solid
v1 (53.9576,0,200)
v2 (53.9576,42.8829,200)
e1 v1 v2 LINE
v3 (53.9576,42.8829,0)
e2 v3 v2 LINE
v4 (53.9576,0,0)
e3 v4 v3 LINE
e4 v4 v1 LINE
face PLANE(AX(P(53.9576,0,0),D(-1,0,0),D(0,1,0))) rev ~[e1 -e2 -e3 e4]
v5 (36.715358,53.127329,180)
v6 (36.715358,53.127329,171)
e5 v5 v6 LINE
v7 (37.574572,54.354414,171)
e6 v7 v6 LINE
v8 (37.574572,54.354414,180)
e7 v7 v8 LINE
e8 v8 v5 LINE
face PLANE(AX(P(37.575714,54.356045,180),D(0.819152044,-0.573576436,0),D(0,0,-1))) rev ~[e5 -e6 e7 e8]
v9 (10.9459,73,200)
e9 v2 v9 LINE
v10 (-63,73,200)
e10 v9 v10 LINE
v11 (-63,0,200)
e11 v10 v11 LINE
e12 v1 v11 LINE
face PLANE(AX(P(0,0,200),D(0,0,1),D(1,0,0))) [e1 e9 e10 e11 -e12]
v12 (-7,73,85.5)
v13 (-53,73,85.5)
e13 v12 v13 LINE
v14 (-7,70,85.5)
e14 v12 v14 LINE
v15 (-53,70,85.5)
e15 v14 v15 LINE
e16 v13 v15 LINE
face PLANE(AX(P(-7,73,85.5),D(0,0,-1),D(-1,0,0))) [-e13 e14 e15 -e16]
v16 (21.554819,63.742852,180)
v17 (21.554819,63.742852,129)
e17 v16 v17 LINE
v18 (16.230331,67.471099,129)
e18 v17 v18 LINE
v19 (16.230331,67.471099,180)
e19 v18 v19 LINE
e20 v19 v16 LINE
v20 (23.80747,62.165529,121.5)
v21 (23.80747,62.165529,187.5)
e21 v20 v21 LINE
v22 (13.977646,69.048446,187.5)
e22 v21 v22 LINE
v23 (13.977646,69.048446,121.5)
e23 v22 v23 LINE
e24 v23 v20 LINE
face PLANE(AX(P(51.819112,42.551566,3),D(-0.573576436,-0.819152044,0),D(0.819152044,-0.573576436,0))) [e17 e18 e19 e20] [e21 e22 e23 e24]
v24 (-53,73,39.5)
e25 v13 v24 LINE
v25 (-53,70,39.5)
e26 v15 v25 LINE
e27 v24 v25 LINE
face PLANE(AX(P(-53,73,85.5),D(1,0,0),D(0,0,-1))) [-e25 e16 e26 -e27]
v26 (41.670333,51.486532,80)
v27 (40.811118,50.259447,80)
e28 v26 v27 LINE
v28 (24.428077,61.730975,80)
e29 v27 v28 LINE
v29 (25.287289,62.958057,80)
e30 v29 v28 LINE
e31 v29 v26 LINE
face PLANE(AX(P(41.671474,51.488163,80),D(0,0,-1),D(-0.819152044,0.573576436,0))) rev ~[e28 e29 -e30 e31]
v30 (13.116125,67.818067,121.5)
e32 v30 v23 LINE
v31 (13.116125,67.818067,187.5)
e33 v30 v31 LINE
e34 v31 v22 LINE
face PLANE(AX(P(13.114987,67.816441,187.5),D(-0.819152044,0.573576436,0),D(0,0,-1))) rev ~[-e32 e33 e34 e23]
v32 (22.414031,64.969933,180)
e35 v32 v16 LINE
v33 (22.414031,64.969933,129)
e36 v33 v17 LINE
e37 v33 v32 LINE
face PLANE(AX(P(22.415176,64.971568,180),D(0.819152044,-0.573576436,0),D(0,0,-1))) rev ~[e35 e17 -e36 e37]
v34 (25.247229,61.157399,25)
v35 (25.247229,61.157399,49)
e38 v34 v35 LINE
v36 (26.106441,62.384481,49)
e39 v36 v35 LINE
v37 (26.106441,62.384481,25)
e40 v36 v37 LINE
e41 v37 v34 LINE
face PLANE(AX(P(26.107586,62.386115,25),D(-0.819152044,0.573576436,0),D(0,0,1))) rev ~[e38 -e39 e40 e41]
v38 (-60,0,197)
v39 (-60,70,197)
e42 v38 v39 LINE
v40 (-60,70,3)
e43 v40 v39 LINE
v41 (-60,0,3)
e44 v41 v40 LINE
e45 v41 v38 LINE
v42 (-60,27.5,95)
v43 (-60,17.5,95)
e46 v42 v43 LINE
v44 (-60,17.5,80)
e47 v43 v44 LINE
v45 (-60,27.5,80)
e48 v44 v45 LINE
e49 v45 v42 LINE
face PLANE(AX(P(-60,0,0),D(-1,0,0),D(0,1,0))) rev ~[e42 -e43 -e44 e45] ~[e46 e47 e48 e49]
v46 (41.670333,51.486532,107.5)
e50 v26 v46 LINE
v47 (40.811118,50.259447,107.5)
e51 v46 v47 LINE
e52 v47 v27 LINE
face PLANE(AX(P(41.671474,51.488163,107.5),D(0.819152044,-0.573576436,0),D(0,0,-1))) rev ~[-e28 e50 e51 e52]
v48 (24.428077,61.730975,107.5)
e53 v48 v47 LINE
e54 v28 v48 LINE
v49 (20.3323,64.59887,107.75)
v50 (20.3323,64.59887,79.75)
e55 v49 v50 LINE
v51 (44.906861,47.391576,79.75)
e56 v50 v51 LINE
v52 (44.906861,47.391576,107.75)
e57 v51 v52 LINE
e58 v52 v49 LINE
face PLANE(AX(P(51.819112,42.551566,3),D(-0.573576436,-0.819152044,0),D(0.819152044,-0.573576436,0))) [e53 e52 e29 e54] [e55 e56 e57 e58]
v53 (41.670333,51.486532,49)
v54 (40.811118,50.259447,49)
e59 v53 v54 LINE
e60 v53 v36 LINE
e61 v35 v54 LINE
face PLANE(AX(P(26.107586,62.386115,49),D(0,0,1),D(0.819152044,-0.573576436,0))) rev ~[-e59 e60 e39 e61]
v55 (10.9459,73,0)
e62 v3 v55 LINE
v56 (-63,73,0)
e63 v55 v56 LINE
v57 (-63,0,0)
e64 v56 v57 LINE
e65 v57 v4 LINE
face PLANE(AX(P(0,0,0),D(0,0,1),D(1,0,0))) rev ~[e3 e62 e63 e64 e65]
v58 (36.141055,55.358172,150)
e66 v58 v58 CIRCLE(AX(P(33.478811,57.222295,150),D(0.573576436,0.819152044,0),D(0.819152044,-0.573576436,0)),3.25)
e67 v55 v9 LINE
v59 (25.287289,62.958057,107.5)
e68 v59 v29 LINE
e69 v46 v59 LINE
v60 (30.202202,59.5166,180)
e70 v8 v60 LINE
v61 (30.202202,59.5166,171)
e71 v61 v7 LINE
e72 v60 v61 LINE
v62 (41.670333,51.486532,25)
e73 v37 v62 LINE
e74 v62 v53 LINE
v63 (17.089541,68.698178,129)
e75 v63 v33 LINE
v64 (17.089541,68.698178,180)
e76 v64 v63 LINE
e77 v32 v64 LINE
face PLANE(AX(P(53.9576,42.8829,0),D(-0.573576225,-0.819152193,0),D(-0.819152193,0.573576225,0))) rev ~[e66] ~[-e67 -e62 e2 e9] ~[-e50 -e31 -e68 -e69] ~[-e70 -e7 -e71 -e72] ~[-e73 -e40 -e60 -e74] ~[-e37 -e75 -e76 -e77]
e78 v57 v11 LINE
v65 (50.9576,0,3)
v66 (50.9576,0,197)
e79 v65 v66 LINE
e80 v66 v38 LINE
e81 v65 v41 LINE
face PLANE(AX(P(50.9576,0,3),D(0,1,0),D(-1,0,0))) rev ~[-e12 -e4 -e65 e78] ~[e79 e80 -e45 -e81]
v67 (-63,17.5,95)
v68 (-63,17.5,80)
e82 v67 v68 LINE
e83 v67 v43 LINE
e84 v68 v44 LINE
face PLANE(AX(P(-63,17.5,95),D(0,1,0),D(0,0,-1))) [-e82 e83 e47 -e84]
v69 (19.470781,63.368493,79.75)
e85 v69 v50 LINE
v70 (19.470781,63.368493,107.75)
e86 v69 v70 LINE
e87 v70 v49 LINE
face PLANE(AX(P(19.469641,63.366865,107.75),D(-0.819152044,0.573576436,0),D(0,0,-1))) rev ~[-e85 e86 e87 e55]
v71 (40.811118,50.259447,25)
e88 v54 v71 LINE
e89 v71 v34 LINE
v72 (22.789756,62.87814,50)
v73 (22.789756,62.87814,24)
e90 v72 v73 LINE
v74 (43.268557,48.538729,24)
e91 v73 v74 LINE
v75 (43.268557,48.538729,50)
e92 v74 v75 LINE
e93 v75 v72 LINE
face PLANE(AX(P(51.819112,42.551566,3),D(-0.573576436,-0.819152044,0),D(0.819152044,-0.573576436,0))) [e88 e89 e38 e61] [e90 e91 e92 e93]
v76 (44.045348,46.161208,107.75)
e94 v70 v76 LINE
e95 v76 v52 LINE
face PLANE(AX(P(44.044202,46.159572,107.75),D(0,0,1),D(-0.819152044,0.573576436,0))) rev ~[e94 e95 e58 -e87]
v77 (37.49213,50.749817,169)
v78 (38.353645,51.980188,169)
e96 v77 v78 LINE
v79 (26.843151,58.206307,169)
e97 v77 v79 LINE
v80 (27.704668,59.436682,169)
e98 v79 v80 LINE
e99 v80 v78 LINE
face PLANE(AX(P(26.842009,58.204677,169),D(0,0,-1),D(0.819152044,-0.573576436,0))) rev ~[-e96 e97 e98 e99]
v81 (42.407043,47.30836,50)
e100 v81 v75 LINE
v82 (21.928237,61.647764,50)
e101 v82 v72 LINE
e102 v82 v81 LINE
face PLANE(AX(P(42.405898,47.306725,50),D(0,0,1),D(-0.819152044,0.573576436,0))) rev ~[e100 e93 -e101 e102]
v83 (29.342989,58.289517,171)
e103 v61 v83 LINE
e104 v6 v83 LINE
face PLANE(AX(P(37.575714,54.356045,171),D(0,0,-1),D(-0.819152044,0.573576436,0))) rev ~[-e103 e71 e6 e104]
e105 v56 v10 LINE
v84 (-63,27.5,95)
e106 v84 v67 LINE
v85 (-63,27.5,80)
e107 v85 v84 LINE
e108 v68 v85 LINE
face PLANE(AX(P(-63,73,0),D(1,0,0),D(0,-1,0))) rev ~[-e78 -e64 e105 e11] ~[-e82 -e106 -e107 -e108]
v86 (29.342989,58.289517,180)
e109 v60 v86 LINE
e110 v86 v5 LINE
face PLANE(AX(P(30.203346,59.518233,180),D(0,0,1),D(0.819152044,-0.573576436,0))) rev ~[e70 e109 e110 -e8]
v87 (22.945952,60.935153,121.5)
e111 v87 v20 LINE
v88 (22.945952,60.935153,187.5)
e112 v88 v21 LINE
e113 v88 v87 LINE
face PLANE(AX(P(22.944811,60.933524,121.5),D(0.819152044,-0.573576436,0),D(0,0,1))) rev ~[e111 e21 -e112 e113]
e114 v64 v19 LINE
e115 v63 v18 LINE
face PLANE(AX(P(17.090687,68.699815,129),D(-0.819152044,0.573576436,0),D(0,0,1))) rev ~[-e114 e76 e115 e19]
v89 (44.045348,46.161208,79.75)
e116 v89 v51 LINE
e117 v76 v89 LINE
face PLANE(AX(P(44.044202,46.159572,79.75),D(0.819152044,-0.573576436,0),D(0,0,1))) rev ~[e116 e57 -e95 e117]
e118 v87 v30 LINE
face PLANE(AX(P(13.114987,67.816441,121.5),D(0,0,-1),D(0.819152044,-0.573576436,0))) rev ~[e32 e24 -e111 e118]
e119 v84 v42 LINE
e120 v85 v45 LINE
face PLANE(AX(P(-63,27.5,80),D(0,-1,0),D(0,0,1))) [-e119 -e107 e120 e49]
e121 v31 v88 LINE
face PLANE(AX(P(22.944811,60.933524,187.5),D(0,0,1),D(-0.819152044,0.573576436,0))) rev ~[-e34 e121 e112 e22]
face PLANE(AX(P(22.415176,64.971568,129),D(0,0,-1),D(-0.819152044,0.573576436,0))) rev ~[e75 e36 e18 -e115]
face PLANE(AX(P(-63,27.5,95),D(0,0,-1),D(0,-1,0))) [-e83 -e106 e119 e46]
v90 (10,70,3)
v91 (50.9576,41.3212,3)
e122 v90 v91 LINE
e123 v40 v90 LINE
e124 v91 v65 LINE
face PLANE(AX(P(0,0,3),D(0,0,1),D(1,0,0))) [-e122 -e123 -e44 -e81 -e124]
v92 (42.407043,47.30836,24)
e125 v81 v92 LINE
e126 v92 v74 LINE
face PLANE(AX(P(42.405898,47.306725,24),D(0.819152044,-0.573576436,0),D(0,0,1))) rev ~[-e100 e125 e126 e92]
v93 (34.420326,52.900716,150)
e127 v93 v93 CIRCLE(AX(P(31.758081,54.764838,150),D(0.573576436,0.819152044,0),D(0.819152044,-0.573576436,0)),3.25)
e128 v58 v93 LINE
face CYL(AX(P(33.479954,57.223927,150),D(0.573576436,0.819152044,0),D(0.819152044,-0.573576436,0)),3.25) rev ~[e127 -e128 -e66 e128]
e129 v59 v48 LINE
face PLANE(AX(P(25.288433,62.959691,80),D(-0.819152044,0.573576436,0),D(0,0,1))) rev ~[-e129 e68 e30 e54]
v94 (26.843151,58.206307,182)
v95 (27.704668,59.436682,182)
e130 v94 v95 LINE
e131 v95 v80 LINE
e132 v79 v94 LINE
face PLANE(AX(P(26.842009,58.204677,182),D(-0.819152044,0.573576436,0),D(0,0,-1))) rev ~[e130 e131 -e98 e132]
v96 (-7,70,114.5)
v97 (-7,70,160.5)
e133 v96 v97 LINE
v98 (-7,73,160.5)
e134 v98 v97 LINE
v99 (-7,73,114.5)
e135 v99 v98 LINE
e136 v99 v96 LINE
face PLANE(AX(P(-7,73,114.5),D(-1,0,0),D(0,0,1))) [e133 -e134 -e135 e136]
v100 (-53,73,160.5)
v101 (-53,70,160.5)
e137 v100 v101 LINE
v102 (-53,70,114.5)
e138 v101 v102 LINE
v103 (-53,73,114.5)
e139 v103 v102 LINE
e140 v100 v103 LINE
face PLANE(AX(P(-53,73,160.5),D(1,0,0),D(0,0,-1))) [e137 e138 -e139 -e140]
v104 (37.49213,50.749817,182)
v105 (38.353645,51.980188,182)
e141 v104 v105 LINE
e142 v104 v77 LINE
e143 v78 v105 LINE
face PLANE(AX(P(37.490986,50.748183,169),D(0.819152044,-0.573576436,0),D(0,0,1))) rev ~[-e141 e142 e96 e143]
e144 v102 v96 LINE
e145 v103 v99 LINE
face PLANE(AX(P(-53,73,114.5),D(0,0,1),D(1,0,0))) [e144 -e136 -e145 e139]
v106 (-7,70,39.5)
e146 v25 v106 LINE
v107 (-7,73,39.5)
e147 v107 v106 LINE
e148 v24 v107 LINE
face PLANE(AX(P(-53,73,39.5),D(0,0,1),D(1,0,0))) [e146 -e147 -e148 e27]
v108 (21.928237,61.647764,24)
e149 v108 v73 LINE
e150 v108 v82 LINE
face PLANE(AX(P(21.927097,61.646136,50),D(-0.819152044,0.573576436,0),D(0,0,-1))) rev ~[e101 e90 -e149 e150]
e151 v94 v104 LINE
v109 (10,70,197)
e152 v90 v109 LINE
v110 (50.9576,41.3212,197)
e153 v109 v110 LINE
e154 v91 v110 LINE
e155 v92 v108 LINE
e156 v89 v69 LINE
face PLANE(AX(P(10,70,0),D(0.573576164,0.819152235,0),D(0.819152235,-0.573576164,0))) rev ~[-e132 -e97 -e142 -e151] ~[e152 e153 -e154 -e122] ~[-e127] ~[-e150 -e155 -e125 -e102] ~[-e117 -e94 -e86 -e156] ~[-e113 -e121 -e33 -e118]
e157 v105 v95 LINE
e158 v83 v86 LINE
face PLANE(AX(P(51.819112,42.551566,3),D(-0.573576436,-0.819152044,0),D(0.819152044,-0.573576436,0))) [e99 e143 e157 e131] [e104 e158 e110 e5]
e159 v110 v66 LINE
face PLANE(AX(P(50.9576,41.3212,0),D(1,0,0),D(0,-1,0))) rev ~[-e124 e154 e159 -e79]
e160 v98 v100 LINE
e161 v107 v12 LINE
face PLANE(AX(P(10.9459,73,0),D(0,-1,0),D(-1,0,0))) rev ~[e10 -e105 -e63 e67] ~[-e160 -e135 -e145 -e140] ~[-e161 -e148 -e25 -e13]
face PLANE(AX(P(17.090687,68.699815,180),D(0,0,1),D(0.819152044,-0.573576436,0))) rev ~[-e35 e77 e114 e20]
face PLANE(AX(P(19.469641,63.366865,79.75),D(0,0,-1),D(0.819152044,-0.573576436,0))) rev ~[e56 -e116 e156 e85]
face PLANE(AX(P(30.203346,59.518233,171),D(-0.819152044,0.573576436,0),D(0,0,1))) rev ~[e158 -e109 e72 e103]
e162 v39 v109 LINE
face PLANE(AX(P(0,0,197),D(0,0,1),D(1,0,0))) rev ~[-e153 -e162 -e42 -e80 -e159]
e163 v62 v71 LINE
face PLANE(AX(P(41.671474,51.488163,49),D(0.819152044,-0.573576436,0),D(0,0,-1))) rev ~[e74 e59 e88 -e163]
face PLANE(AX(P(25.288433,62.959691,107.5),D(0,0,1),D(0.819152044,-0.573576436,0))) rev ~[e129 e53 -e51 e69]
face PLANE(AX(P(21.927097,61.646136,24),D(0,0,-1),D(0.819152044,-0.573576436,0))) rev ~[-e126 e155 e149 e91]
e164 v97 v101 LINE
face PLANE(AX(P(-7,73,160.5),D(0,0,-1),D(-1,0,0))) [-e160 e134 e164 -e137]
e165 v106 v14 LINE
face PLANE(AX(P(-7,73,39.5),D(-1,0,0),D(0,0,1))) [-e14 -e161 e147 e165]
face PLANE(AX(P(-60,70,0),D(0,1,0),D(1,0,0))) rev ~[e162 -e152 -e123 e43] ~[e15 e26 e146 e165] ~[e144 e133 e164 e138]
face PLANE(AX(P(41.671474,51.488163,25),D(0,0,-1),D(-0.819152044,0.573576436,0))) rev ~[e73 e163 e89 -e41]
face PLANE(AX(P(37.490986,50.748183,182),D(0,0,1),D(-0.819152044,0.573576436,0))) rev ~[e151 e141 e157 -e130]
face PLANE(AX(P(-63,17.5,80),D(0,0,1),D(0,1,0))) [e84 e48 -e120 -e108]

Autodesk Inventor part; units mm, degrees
ref_plane "YZ Plane" through (0, 0, 0) normal (1, 0, 0) x (0, 1, 0)
ref_plane "XZ Plane" through (0, 0, 0) normal (0, 1, 0) x (-1, 0, 0)
ref_plane "XY Plane" through (0, 0, 0) normal (0, 0, 1) x (1, 0, 0)
sketch "Sketch1" plane through (0, 0, 0) normal (0, 0, 1) x (1, 0, 0)
  line L0 (-60, 0) -> (-60, 70)
  line L1 (-60, 70) -> (10, 70)
  line L2 (10, 70) -> (50.9576, 41.3212)
  line L3 (50.9576, 41.3212) -> (50.9576, 0)
  line L4 (53.9576, 0) -> (53.9576, 42.8829)
  line L5 (53.9576, 42.8829) -> (10.9459, 73)
  line L6 (10.9459, 73) -> (-63, 73)
  line L7 (-63, 73) -> (-63, 0)
  line L8 (53.9576, 0) -> (50.9576, 0)
  line L9 (-60, 0) -> (-63, 0)
  point P0 (0, 0)
  dimension "d0" = 70
  dimension "d1" = 70
  dimension "d2" = 145
  dimension "d4" = 50
  dimension "d5" = 60
  dimension "d90" = 3
extrude "Extrusion1" add sketch "Sketch1" along normal blind 200
sketch "Sketch2" plane through (-63, 73, 0) normal (0, 1, 0) x (1, 0, 0)
  line L0 (10, -39.5) -> (56, -39.5)
  line L1 (56, -39.5) -> (56, -85.5)
  line L2 (56, -85.5) -> (10, -85.5)
  line L3 (10, -85.5) -> (10, -39.5)
  line L4 (0, 0) -> (0, -200) projected
  line L5 (73.9459, 0) -> (0, 0) projected
  line L6 (56, -160.5) -> (10, -160.5)
  line L7 (56, -114.5) -> (56, -160.5)
  line L8 (10, -160.5) -> (10, -114.5)
  line L9 (10, -114.5) -> (56, -114.5)
  point P0 (63, 0)
  dimension "d9" = 46
  dimension "d10" = 46
  dimension "d11" = 10
  dimension "d12" = 39.5
  dimension "d15" = 75
extrude "Extrusion2" cut sketch "Sketch2" against normal blind 200
sketch "Sketch10" plane through (-63, 0, 0) normal (-1, 0, 0) x (0, 0, 1)
  line L0 (80, 27.5) -> (95, 27.5)
  line L1 (95, 27.5) -> (95, 17.5)
  line L2 (95, 17.5) -> (80, 17.5)
  line L3 (80, 17.5) -> (80, 27.5)
  line L4 (0, 0) -> (200, 0) projected
  line L5 (0, 73) -> (0, 0) projected
  dimension "d84" = 17.5
  dimension "d85" = 80
  dimension "d86" = 15
  dimension "d87" = 10
extrude "Extrusion10" cut sketch "Sketch10" against normal blind 10
sketch "Sketch15" plane through (0, 0, 200) normal (0, 0, 1) x (1, 0, 0)
  line L0 (-60, 0) -> (-60, 70) projected
  line L1 (-60, 0) -> (-60, 70)
  line L2 (10, 70) -> (50.9576, 41.3212) projected
  line L3 (-60, 70) -> (10, 70)
  line L4 (50.9576, 41.3212) -> (50.9576, 0) projected
  line L5 (10, 70) -> (50.9576, 41.3212)
  line L6 (50.9576, 41.3212) -> (50.9576, 0)
  line L7 (50.9576, 0) -> (-60, 0)
  point P0 (0, 0)
extrude "Extrusion11" add sketch "Sketch15" against normal blind 3
pattern_linear "Rectangular Pattern3" count 2 spacing 197 along (0, 0, -1) of "Extrusion11"
sketch "Sketch16" plane through (10.9459, 73, 200) normal (0.5736, 0.8192, 0) x (0.8192, -0.5736, 0)
  line L0 (17.5076, 92.5) -> (37.5076, 92.5)
  line L1 (37.5076, 92.5) -> (37.5076, 120)
  line L2 (37.5076, 120) -> (17.5076, 120)
  line L3 (17.5076, 120) -> (17.5076, 92.5)
  line L4 (52.5076, 200) -> (52.5076, 0) projected
  line L5 (52.5076, 200) -> (0, 200) projected
  line L6 (18.5076, 151) -> (37.5076, 151)
  line L7 (37.5076, 151) -> (37.5076, 175)
  line L8 (37.5076, 175) -> (18.5076, 175)
  line L9 (18.5076, 175) -> (18.5076, 151)
  circle A0 centre (27.5076, 50) radius 3.25
  line L10 (23.5076, 20) -> (32.5076, 20)
  line L11 (32.5076, 20) -> (32.5076, 29)
  line L12 (32.5076, 29) -> (23.5076, 29)
  line L13 (23.5076, 29) -> (23.5076, 20)
  line L14 (52.5076, 0) -> (0, 0) projected
  line L15 (7.5, 20) -> (14, 20)
  line L16 (14, 20) -> (14, 71)
  line L17 (14, 71) -> (7.5, 71)
  line L18 (7.5, 71) -> (7.5, 20)
  line L19 (0, 200) -> (0, 0) projected
  point P0 (32.9047, 200)
  dimension "d99" = 20
  dimension "d100" = 27.5
  dimension "d101" = 15
  dimension "d102" = 80
  dimension "d103" = 24
  dimension "d104" = 19
  dimension "d105" = 15
  dimension "d106" = 25
  dimension "d107" = 6.5
  dimension "d108" = 9
  dimension "d109" = 9
  dimension "d110" = 20
  dimension "d111" = 25
  dimension "d112" = 50
  dimension "d113" = 20
  dimension "d114" = 6.5
  dimension "d115" = 51
  dimension "d116" = 7.5
  dimension "d117" = 20
extrude "Extrusion12" cut sketch "Sketch16" against normal blind 3 contours L3 L2 L1 L0 | L9 L8 L7 L6 | A0 | L13 L12 L11 L10 | L18 L17 L16 L15
sketch "Sketch17" plane through (50.9576, 41.3212, 3) normal (-0.5736, -0.8192, 0) x (0.8192, -0.5736, 0)
  line L0 (-38.4383, 76.75) -> (-8.4383, 76.75)
  line L1 (-8.4383, 76.75) -> (-8.4383, 104.75)
  line L2 (-8.4383, 104.75) -> (-38.4383, 104.75)
  line L3 (-38.4383, 104.75) -> (-38.4383, 76.75)
  line L4 (-46.1959, 118.5) -> (-34.1959, 118.5)
  line L5 (-34.1959, 118.5) -> (-34.1959, 184.5)
  line L6 (-34.1959, 184.5) -> (-46.1959, 184.5)
  line L7 (-46.1959, 184.5) -> (-46.1959, 118.5)
  line L8 (-29.4383, 166) -> (-16.4383, 166)
  line L9 (-16.4383, 166) -> (-16.4383, 179)
  line L10 (-16.4383, 179) -> (-29.4383, 179)
  line L11 (-29.4383, 179) -> (-29.4383, 166)
  line L12 (-36.9459, 177) -> (-36.9459, 126) projected
  line L13 (-43.4459, 177) -> (-36.9459, 177) projected
  line L14 (-27.4383, 177) -> (-18.4383, 177) projected
  line L15 (-27.4383, 168) -> (-27.4383, 177) projected
  line L16 (-33.4383, 104.5) -> (-13.4383, 104.5) projected
  line L17 (-33.4383, 77) -> (-33.4383, 104.5) projected
  line L18 (-35.4383, 21) -> (-10.4383, 21)
  line L19 (-10.4383, 21) -> (-10.4383, 47)
  line L20 (-10.4383, 47) -> (-35.4383, 47)
  line L21 (-35.4383, 47) -> (-35.4383, 21)
  line L22 (-32.4383, 46) -> (-13.4383, 46) projected
  line L23 (-32.4383, 22) -> (-32.4383, 46) projected
  point P0 (-18.0412, -3)
  point P1 (-34.1959, 151.5)
  point P2 (-36.9459, 151.5)
  point P3 (-40.1959, 177)
  point P4 (-40.1959, 184.5)
  point P5 (-22.9383, 179)
  point P6 (-22.9383, 177)
  point P7 (-29.4383, 172.5)
  point P8 (-27.4383, 172.5)
  point P9 (-23.4383, 104.75)
  point P10 (-23.4383, 104.5)
  point P11 (-33.4383, 90.75)
  point P12 (-38.4383, 90.75)
  point P13 (-22.9383, 47)
  point P14 (-22.9383, 46)
  point P15 (-32.4383, 34)
  point P16 (-35.4383, 34)
  dimension "d120" = 66
  dimension "d121" = 12
  dimension "d122" = 13
  dimension "d123" = 13
  dimension "d124" = 30
  dimension "d125" = 28
  dimension "d126" = 26
  dimension "d127" = 25
extrude "Extrusion13" cut sketch "Sketch17" against normal blind 1.5
properties part number "albox"
